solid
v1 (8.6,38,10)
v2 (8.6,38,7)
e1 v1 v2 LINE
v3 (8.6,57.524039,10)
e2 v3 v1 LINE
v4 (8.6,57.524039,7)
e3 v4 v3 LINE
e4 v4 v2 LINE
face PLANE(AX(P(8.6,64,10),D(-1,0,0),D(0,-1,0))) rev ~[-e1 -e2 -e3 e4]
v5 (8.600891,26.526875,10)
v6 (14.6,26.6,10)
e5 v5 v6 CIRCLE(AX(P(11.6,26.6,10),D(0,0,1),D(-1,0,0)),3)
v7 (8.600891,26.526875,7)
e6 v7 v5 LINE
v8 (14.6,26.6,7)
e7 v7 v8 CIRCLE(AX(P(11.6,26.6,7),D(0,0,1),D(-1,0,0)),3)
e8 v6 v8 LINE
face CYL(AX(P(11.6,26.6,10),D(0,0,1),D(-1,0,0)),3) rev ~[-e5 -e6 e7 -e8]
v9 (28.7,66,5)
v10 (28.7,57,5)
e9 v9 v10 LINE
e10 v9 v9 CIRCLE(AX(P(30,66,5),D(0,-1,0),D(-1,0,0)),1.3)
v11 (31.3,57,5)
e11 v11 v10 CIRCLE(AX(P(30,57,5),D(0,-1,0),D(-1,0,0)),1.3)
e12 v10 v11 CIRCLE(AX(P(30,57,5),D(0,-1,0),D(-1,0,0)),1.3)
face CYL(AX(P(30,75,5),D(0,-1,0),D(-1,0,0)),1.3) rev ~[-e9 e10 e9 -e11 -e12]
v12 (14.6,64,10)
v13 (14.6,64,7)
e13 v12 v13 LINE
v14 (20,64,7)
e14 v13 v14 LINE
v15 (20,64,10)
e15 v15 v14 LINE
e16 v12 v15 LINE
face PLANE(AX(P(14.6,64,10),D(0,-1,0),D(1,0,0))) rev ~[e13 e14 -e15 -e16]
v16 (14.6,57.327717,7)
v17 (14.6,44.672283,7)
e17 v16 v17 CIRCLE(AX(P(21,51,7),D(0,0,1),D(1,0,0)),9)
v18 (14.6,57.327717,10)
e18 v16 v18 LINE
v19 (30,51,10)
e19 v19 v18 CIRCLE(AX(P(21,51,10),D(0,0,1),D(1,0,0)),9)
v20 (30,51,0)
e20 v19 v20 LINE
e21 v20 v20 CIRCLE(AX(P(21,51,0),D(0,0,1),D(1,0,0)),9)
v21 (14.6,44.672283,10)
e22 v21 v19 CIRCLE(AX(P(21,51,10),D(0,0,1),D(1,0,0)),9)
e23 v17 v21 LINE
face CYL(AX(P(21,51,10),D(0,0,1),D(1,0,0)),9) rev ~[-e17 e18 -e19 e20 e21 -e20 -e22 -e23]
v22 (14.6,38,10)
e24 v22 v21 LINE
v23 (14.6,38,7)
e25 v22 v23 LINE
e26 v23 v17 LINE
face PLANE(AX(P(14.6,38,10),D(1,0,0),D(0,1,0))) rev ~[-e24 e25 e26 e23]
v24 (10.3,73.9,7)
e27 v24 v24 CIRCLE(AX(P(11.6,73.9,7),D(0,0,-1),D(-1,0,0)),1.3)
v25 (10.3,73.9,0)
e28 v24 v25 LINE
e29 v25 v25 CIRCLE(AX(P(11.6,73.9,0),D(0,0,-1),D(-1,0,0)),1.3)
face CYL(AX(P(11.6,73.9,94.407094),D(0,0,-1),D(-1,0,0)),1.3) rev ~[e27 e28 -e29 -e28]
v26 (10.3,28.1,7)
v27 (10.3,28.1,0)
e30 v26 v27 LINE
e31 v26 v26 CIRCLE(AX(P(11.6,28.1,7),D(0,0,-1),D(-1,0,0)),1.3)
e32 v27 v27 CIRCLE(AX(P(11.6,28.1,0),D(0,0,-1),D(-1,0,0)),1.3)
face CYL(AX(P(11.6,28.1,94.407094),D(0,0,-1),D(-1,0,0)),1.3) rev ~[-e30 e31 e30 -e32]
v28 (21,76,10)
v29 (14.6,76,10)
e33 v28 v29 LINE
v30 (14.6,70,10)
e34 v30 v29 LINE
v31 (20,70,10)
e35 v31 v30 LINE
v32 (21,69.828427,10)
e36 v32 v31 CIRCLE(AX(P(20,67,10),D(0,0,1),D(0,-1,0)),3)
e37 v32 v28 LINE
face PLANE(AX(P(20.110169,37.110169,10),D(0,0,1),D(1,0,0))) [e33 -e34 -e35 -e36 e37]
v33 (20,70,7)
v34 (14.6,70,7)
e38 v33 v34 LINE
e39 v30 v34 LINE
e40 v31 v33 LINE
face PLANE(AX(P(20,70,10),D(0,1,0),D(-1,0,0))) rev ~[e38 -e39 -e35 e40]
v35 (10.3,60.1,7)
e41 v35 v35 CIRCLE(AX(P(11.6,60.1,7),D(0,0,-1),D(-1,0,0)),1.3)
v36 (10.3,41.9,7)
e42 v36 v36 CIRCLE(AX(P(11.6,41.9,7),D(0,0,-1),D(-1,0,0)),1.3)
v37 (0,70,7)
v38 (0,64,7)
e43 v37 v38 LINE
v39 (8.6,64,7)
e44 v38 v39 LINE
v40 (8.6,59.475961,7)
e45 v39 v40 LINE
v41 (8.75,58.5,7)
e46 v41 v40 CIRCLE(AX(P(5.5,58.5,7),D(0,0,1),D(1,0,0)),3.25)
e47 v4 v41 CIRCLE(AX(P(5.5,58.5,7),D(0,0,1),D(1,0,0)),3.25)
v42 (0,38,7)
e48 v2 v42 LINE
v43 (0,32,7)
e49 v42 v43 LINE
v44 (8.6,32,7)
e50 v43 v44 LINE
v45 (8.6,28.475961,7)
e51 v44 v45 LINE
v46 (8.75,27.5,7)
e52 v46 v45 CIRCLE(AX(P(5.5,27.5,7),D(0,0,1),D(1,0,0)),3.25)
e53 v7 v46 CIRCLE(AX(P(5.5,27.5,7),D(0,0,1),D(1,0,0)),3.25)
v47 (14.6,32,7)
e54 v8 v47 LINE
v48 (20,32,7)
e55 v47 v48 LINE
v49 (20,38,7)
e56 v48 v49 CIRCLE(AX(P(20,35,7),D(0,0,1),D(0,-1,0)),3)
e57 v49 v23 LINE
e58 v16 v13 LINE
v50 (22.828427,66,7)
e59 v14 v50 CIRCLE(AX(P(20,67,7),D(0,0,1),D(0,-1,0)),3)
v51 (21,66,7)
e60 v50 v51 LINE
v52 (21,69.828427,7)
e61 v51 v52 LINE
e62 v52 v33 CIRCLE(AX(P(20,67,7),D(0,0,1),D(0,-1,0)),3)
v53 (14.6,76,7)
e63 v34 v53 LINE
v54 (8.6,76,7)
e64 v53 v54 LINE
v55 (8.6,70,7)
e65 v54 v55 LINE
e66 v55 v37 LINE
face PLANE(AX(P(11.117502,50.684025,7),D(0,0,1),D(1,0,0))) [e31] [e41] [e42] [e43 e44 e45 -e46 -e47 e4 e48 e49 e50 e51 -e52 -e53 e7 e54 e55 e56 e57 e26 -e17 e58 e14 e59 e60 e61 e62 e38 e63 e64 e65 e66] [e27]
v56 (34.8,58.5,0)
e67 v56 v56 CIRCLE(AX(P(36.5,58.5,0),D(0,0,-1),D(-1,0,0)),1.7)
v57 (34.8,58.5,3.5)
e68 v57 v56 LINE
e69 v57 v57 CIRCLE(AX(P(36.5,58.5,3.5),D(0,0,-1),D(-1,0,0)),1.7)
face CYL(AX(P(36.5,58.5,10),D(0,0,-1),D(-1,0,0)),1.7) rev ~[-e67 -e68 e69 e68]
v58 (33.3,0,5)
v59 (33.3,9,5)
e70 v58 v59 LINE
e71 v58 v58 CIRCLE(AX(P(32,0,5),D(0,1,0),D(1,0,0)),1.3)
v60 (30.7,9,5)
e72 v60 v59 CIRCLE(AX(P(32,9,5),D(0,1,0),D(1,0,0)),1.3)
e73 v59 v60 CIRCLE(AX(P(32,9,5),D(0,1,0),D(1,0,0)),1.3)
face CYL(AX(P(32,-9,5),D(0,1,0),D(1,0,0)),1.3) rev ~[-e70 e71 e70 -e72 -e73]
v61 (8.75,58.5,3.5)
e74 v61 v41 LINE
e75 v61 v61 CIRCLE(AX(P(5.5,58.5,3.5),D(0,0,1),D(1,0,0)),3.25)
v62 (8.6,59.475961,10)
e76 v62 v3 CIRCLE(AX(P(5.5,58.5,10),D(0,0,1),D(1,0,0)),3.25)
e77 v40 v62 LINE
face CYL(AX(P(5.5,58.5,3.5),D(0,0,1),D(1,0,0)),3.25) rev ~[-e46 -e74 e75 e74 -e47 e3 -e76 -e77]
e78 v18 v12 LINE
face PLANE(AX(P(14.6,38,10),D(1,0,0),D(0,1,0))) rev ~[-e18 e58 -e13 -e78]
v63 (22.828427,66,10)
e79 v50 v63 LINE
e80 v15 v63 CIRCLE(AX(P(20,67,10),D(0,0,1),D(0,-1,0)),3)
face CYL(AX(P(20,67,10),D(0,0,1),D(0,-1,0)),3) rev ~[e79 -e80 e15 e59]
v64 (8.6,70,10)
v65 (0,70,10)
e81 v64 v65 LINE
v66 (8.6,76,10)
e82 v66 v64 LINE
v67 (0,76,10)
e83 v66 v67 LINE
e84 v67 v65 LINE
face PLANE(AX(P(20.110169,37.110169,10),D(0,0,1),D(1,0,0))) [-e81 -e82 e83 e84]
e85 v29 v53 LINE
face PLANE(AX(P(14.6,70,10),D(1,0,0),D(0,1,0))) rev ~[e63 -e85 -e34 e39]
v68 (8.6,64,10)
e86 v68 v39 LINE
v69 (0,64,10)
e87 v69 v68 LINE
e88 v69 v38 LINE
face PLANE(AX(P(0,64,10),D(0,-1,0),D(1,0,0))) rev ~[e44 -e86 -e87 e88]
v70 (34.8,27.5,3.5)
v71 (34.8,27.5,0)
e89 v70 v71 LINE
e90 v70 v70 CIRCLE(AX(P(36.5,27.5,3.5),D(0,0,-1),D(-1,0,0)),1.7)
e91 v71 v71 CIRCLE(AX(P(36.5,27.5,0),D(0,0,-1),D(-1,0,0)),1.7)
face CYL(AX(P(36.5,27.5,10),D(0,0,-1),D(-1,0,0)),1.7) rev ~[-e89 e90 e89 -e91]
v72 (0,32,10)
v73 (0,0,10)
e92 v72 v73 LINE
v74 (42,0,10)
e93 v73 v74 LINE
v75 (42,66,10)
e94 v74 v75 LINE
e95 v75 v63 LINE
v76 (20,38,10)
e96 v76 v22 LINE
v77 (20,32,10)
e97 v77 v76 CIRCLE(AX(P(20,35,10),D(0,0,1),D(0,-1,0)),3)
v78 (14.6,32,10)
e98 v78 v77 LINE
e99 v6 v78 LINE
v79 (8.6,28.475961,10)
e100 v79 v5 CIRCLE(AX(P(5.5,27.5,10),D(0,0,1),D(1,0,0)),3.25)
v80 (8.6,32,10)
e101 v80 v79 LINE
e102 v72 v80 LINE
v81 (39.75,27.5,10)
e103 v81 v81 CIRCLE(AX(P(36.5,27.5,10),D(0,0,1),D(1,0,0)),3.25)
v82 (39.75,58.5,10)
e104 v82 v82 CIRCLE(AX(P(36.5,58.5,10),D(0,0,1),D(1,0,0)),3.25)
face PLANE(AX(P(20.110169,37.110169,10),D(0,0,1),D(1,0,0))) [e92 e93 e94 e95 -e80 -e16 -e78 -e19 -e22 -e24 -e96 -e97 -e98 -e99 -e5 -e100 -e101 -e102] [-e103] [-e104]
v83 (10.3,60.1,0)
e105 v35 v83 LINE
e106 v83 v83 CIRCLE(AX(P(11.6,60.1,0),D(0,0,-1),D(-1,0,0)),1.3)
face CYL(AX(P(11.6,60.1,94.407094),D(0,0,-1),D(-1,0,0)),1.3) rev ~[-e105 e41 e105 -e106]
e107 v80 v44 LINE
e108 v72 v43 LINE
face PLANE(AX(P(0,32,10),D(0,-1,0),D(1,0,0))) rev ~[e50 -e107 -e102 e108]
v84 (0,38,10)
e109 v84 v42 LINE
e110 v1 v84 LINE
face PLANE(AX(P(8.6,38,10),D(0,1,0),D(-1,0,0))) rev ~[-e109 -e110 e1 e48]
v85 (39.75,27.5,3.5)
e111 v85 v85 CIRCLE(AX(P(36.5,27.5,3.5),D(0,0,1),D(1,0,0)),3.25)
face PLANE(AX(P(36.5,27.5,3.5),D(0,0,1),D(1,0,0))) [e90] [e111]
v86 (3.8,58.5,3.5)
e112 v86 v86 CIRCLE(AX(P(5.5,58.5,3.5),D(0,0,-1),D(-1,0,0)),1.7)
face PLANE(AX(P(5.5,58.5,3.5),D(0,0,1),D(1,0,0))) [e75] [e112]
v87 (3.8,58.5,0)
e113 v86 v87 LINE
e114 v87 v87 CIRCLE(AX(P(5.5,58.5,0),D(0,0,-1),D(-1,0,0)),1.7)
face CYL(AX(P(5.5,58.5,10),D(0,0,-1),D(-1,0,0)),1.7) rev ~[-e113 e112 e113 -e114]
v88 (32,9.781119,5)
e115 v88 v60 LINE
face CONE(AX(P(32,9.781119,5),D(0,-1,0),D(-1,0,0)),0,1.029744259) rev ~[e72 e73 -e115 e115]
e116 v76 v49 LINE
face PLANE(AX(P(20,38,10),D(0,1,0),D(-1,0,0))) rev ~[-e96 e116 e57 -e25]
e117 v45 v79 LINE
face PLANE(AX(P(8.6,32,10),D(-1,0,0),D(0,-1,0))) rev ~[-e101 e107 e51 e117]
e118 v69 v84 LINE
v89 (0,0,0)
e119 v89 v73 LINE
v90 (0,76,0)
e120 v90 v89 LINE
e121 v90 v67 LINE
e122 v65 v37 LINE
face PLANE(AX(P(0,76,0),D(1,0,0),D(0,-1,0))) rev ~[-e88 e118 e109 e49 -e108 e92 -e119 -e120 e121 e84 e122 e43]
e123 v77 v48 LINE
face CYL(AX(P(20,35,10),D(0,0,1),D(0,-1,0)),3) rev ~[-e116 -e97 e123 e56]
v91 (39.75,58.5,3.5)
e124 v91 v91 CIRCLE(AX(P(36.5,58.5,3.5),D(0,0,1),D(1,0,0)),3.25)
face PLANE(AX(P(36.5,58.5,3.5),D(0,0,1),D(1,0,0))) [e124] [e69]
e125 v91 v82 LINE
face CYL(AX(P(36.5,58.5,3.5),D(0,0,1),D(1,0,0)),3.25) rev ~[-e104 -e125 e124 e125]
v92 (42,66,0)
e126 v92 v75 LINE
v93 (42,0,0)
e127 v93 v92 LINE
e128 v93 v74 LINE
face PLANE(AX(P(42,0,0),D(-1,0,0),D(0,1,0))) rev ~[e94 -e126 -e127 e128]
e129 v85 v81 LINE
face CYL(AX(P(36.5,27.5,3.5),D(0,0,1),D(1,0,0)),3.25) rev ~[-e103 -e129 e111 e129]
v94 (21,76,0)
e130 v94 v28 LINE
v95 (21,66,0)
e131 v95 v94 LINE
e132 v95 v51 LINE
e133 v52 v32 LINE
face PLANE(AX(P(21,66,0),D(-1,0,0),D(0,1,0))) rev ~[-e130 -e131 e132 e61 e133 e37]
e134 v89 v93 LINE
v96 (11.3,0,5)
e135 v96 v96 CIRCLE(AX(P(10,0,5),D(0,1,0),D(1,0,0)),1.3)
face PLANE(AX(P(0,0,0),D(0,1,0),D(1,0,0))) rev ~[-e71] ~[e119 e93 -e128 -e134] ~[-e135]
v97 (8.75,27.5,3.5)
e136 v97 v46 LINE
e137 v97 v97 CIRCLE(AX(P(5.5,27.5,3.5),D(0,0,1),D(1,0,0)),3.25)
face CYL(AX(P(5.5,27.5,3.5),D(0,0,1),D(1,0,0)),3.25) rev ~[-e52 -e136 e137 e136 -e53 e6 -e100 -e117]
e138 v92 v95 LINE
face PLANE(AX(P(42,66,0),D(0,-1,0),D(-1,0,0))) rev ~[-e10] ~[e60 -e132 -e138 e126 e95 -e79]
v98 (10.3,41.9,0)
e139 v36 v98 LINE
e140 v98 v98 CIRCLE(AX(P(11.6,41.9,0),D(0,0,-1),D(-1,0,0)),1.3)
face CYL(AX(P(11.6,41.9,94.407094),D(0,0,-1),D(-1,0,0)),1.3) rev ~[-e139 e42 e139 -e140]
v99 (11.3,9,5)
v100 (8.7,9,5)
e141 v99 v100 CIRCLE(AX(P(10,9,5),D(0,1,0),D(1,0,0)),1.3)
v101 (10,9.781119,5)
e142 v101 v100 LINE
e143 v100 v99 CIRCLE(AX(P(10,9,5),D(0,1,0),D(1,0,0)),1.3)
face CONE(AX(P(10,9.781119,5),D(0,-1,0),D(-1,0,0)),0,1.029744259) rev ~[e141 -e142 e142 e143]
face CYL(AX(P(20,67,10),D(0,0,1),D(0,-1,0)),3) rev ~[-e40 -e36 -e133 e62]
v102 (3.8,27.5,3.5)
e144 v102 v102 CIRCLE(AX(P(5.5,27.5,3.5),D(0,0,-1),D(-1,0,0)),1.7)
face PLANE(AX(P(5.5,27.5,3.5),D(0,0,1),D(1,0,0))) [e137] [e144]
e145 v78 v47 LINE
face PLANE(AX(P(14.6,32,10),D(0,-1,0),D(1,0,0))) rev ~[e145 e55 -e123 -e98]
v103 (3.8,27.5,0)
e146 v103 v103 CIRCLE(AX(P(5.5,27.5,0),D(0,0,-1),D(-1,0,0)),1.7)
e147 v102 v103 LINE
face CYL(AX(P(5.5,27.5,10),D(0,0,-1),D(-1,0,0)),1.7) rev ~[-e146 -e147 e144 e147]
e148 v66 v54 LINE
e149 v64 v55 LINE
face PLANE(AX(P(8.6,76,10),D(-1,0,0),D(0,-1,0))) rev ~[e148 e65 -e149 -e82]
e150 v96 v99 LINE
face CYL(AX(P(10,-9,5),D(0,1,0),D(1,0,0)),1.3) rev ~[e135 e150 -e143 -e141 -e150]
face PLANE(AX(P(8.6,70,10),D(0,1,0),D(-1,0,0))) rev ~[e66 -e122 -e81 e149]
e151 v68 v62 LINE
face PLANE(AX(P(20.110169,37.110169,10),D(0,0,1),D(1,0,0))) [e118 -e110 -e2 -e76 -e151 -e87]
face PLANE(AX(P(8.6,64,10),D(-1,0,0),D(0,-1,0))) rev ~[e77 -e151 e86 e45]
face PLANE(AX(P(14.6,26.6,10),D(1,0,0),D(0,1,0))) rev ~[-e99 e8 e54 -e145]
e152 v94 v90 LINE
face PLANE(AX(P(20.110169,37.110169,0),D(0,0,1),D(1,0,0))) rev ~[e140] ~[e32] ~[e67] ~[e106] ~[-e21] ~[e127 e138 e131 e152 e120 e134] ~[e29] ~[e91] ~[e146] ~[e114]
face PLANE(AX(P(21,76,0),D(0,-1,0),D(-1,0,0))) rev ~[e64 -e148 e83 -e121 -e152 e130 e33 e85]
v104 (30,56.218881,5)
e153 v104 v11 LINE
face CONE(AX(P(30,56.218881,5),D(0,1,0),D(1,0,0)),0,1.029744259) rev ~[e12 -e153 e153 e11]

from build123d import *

# Parameters (mm, degrees)
BOSS_EXTRUDE1_DEPTH                      = 10
CUT_EXTRUDE1_REACH                       = 89.407
SKETCH2_R                                = 9
CUT_EXTRUDE2_DEPTH                       = 3
CBORE_FOR_M3_PAN_HEAD_SCREW1_D           = 3.4
CBORE_FOR_M3_PAN_HEAD_SCREW1_CBORE_D     = 6.5
CBORE_FOR_M3_PAN_HEAD_SCREW1_CBORE_DEPTH = 6.5
M3X0_5_TAPPED_HOLE1_D                    = 2.6
M3X0_5_TAPPED_HOLE2_D                    = 2.6
M3X0_5_TAPPED_HOLE2_DEPTH                = 9
M3X0_5_TAPPED_HOLE2_TIP                  = 0.781118805
M3X0_5_TAPPED_HOLE3_D                    = 2.6
M3X0_5_TAPPED_HOLE3_DEPTH                = 9
M3X0_5_TAPPED_HOLE3_TIP                  = 0.781118805


with BuildPart() as part:
    # Sketch1 → Boss-Extrude1 (new body)
    with BuildSketch(Plane.XY):
        Polygon((0, 0), (42, 0), (42, 66), (21, 66), (21, 76), (0, 76), (0, 66), align=None)
    extrude(amount=BOSS_EXTRUDE1_DEPTH)

    # Sketch2 → Cut-Extrude1 (cut, up to next)
    with BuildSketch(Plane.XY.offset(10), mode=Mode.PRIVATE) as cut_extrude1_sk1:
        with Locations((21, 51)):
            Circle(SKETCH2_R)
    cut_extrude1_tool1 = extrude(cut_extrude1_sk1.sketch, amount=-CUT_EXTRUDE1_REACH, mode=Mode.PRIVATE) & part.part
    add(cut_extrude1_tool1.solids().sort_by_distance((21, 51, 10))[0], mode=Mode.SUBTRACT)

    # Sketch3 → Cut-Extrude2 (cut)
    with BuildSketch(Plane.XY.offset(10)):
        with BuildLine():
            Line((8.6, 64), (8.6, 38))
            Line((8.6, 38), (0, 38))
            Line((0, 38), (0, 32))
            Line((0, 32), (8.6, 32))
            Line((8.6, 32), (8.6, 26.6))
            ThreePointArc((8.6, 26.6), (11.6, 23.6), (14.6, 26.6))
            Line((14.6, 26.6), (14.6, 32))
            Line((14.6, 32), (20, 32))
            ThreePointArc((20, 32), (23, 35), (20, 38))
            Line((20, 38), (14.6, 38))
            Line((14.6, 38), (14.6, 64))
            Line((14.6, 64), (20, 64))
            ThreePointArc((20, 64), (23, 67), (20, 70))
            Line((20, 70), (14.6, 70))
            Line((14.6, 70), (14.6, 76))
            Line((14.6, 76), (8.6, 76))
            Line((8.6, 76), (8.6, 70))
            Line((8.6, 70), (0, 70))
            Line((0, 70), (0, 64))
            Line((0, 64), (8.6, 64))
        make_face()
    extrude(amount=-CUT_EXTRUDE2_DEPTH, mode=Mode.SUBTRACT)

    # CBORE for M3 Pan Head Screw1 (through all)
    with Locations(Plane.XY.offset(10)):
        with Locations((5.5, 58.5), (36.5, 58.5), (5.5, 27.5), (36.5, 27.5)):
            CounterBoreHole(CBORE_FOR_M3_PAN_HEAD_SCREW1_D / 2, CBORE_FOR_M3_PAN_HEAD_SCREW1_CBORE_D / 2, CBORE_FOR_M3_PAN_HEAD_SCREW1_CBORE_DEPTH)

    # M3x0.5 Tapped Hole1 (through all)
    with Locations(Plane.XY.offset(7)):
        with Locations((11.6, 73.9), (11.6, 60.1), (11.6, 41.9), (11.6, 28.1)):
            Hole(M3X0_5_TAPPED_HOLE1_D / 2)

    # M3x0.5 Tapped Hole2
    with Locations(Plane(origin=(0, 0, 0), x_dir=(-1, 0, 0), z_dir=(0, -1, 0))):
        with Locations((-32, -5), (-10, -5)):
            Hole(M3X0_5_TAPPED_HOLE2_D / 2, depth=M3X0_5_TAPPED_HOLE2_DEPTH)
            with Locations((0, 0, -(M3X0_5_TAPPED_HOLE2_DEPTH + M3X0_5_TAPPED_HOLE2_TIP / 2))):  # 118° drill point
                Cone(0, M3X0_5_TAPPED_HOLE2_D / 2, M3X0_5_TAPPED_HOLE2_TIP, mode=Mode.SUBTRACT)

    # M3x0.5 Tapped Hole3
    with Locations(Plane(origin=(0, 66, 0), x_dir=(1, 0, 0), z_dir=(0, 1, 0))):
        with Locations((30, -5)):
            Hole(M3X0_5_TAPPED_HOLE3_D / 2, depth=M3X0_5_TAPPED_HOLE3_DEPTH)
            with Locations((0, 0, -(M3X0_5_TAPPED_HOLE3_DEPTH + M3X0_5_TAPPED_HOLE3_TIP / 2))):  # 118° drill point
                Cone(0, M3X0_5_TAPPED_HOLE3_D / 2, M3X0_5_TAPPED_HOLE3_TIP, mode=Mode.SUBTRACT)


solid = part.part
